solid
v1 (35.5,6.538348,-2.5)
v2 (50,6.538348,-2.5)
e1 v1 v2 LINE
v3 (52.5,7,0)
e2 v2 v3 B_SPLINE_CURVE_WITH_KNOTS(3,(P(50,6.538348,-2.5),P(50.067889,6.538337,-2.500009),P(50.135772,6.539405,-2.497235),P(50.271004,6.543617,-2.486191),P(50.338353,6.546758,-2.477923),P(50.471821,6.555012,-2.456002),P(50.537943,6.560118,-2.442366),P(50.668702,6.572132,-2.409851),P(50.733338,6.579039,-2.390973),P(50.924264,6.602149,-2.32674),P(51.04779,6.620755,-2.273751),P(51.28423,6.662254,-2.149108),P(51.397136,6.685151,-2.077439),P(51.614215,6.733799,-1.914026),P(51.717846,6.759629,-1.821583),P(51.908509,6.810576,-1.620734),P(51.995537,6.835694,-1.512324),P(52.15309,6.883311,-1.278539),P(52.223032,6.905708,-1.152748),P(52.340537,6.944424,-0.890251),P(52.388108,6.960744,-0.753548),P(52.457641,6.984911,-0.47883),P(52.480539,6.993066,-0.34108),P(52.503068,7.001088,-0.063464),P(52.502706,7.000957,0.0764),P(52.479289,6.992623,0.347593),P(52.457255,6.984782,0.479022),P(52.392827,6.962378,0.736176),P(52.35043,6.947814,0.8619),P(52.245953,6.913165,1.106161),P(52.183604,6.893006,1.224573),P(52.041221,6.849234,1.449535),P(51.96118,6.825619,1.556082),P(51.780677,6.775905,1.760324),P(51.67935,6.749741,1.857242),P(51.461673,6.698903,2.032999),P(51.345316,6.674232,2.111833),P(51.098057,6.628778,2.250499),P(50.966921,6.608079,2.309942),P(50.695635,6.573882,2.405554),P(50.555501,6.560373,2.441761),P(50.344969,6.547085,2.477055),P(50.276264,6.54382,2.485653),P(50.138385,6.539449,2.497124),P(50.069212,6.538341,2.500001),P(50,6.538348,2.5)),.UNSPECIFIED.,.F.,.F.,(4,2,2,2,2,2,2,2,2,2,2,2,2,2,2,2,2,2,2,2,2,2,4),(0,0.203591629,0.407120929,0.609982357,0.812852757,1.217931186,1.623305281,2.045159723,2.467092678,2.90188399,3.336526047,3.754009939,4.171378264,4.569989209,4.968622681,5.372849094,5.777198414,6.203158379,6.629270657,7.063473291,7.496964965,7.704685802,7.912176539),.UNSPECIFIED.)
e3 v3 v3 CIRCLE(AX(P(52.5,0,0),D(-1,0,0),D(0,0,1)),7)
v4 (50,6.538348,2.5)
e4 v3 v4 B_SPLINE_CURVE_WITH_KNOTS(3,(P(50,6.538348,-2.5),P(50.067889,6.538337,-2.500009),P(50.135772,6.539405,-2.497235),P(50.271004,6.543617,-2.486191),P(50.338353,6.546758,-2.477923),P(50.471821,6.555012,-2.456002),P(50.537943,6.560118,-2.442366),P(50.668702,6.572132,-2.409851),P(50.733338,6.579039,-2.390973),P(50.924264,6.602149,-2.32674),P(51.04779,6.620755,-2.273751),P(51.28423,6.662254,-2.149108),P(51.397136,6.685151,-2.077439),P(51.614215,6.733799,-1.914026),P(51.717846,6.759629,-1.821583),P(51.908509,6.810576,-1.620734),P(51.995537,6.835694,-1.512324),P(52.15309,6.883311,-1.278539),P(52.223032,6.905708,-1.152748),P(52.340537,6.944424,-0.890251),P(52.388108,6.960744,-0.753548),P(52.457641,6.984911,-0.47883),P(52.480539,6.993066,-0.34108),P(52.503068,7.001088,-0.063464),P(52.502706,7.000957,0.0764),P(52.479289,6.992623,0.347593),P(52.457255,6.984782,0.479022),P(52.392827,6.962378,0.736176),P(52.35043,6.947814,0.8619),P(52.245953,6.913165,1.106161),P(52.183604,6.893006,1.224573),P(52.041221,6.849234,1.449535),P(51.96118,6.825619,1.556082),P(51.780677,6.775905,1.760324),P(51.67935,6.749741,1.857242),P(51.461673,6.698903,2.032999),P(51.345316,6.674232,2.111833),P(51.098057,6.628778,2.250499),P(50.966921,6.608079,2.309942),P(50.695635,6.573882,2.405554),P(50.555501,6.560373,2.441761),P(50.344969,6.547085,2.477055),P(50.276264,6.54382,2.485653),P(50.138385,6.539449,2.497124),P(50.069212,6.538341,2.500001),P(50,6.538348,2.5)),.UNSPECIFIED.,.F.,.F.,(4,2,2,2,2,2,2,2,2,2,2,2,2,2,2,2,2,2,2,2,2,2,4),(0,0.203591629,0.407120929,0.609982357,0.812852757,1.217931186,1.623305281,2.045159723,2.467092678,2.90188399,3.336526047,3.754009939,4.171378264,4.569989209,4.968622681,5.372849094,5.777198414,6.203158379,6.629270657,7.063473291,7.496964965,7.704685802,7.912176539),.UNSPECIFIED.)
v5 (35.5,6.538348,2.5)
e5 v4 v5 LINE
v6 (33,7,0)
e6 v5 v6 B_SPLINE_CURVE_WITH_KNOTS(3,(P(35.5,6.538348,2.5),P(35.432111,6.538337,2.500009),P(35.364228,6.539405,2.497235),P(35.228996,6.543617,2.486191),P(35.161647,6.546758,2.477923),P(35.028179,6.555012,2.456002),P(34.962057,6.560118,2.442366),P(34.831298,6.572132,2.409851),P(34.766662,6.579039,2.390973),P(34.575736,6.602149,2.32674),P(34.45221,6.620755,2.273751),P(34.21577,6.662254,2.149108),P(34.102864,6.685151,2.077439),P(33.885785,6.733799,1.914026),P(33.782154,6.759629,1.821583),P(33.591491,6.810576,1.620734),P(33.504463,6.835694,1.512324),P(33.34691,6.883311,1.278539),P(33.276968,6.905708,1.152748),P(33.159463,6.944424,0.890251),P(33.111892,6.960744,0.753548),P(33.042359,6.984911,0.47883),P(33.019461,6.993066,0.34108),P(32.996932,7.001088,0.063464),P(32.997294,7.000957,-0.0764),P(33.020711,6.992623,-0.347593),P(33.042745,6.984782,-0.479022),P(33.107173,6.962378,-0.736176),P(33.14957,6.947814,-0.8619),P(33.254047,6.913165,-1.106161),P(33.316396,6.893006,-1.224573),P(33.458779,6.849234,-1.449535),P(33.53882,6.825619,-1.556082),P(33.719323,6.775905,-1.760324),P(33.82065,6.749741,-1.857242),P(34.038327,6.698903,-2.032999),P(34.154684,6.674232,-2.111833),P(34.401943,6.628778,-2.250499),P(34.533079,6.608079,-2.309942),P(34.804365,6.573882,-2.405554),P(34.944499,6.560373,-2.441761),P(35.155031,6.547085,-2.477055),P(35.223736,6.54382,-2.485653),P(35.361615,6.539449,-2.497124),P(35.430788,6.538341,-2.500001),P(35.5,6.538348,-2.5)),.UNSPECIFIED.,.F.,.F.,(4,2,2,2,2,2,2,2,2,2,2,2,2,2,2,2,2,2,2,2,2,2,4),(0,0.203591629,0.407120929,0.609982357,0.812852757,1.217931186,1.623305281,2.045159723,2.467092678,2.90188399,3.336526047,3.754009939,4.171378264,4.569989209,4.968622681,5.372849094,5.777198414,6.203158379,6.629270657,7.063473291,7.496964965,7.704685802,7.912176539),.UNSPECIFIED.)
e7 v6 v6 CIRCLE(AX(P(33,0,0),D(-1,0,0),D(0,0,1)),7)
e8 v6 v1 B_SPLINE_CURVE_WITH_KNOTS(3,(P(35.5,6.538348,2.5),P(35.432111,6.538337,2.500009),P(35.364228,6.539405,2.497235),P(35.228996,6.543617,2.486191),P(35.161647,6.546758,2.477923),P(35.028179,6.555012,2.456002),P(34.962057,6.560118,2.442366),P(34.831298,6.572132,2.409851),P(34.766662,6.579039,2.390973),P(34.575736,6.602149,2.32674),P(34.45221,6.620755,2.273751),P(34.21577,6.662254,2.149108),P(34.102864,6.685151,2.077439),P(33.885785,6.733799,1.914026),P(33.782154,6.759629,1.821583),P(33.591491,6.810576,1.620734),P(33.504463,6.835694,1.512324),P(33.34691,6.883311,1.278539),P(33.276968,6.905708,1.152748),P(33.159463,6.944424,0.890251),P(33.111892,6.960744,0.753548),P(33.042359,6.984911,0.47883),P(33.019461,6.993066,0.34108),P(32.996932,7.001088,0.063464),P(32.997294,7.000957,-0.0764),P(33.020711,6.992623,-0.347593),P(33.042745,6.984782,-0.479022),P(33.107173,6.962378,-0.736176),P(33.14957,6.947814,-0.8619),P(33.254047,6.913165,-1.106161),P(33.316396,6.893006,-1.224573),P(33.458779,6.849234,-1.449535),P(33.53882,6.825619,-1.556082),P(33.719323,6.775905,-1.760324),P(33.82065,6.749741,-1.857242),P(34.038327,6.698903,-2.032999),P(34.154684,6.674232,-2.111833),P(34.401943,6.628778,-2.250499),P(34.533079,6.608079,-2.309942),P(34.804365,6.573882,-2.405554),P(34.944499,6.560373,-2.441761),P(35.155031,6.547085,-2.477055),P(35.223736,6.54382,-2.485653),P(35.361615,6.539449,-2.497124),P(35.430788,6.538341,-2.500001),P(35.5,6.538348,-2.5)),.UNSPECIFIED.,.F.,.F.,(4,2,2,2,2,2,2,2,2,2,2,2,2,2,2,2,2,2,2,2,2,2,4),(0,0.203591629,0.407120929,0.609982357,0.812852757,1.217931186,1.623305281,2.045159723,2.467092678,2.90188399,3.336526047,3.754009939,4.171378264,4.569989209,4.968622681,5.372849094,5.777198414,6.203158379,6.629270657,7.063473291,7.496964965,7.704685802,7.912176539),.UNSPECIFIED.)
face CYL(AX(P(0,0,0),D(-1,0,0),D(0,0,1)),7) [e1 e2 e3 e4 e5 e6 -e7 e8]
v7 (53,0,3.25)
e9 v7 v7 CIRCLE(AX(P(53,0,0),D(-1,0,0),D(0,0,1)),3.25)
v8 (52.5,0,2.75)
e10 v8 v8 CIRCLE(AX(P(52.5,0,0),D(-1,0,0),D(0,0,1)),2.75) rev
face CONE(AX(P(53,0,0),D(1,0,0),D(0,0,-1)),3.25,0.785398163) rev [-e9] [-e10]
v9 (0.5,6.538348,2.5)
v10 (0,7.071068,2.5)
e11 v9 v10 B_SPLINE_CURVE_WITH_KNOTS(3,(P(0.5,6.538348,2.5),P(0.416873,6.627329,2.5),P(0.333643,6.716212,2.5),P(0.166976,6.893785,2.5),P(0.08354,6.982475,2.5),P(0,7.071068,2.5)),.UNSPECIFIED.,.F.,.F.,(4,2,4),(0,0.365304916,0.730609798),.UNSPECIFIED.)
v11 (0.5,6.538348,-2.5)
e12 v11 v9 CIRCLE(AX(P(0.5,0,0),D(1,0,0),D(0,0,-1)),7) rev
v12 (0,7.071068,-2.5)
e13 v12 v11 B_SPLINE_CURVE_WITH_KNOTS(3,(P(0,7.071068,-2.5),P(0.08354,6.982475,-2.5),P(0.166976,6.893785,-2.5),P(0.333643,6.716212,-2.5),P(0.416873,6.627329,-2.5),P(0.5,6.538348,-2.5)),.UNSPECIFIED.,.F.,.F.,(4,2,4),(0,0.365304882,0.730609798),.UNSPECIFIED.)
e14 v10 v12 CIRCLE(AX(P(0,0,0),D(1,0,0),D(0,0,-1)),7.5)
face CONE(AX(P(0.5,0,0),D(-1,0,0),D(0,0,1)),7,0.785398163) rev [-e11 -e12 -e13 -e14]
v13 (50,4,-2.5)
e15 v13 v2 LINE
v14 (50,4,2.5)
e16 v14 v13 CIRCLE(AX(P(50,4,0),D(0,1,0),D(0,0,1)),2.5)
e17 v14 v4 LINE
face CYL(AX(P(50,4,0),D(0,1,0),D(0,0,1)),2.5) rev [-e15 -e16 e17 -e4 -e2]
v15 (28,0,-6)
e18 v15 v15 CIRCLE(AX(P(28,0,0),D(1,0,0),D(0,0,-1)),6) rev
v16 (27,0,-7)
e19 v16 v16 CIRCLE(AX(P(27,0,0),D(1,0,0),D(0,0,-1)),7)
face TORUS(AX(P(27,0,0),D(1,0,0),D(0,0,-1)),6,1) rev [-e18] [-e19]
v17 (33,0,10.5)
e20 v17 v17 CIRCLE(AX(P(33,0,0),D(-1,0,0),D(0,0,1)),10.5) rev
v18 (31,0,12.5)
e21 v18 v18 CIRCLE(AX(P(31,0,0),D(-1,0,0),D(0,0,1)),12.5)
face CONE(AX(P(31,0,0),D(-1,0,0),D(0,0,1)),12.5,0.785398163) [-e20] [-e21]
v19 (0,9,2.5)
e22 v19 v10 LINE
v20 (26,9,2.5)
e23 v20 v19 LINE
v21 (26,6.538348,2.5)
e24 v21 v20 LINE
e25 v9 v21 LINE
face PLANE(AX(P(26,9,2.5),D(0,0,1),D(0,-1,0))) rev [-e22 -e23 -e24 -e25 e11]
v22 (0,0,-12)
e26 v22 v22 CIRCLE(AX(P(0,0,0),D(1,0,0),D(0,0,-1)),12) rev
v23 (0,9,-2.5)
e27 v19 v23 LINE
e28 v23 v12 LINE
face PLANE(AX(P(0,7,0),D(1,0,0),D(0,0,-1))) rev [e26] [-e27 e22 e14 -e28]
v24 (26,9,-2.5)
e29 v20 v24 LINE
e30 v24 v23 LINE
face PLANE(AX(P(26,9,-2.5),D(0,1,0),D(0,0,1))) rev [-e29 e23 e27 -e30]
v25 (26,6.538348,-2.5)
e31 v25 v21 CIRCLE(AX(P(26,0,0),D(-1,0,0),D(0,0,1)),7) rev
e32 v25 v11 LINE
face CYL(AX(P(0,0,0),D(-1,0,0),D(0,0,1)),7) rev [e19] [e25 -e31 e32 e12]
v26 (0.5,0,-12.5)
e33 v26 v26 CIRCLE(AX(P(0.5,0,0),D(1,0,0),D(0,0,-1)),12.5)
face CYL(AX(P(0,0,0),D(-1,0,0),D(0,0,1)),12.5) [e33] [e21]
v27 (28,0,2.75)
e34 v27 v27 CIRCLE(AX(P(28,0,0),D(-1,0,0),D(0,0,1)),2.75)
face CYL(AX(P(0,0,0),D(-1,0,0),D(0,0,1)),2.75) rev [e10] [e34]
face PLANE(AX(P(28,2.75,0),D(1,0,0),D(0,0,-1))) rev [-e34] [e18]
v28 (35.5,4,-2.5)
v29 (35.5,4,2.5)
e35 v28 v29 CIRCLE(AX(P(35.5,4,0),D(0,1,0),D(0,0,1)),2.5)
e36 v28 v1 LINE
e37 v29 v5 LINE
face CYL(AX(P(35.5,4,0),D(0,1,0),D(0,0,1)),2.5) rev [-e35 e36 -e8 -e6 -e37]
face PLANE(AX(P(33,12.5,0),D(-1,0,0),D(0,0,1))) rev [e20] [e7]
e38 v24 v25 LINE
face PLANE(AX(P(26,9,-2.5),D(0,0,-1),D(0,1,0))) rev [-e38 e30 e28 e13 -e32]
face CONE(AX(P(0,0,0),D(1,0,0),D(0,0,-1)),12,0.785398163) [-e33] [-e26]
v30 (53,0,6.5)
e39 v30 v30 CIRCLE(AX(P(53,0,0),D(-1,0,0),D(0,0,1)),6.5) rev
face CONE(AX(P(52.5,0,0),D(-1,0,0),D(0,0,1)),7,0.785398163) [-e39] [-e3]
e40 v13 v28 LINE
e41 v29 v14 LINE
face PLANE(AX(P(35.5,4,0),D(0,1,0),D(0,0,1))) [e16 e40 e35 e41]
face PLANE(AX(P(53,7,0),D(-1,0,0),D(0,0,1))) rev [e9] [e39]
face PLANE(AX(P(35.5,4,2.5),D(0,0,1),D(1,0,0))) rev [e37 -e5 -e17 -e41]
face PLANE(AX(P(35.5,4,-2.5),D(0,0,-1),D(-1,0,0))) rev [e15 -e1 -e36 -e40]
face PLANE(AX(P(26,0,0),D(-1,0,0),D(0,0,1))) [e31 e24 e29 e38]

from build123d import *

# Parameters (mm, degrees)
SKETCH_2_W          = 5
SKETCH_2_H          = 9
CUT_EXTRUDE_1_DEPTH = 26
CHAMFER_1_SIZE      = 2
CHAMFER_2_SIZE      = 0.5
FILLET_1_R          = 1
CUT_EXTRUDE_2_DEPTH = 3


with BuildPart() as part:
    # 草图1 → 旋转1 (revolve)
    with BuildSketch(Plane.XY, mode=Mode.PRIVATE) as revolve_1_sk:
        Polygon((0, 7), (0, 12.5), (33, 12.5), (33, 7), (53, 7), (53, 2.75), (28, 2.75), (28, 7), align=None)
    revolve(revolve_1_sk.sketch.rotate(Axis((0, 0, 0), (1, 0, 0)), 90), axis=Axis((0, 0, 0), (1, 0, 0)))

    # 草图2 → 切除-拉伸1 (cut)
    with BuildSketch(Plane.ZY):
        with Locations((0, 4.5)):
            Rectangle(SKETCH_2_W, SKETCH_2_H)
    extrude(amount=-CUT_EXTRUDE_1_DEPTH, mode=Mode.SUBTRACT)

    # 倒角1
    chamfer_1_edges = [part.edges().sort_by_distance(p)[0] for p in [
        (33, 0, -12.5),
    ]]
    chamfer(chamfer_1_edges, length=CHAMFER_1_SIZE)

    # 倒角2
    chamfer_2_edges = [part.edges().sort_by_distance(p)[0] for p in [
        (0, -5.766281297, -3.968626967),
        (53, 0, -2.75),
        (53, 0, -7),
        (0, 0, -12.5),
    ]]
    chamfer(chamfer_2_edges, length=CHAMFER_2_SIZE)

    # 圆角1
    fillet_1_edges = [part.edges().sort_by_distance(p)[0] for p in [
        (28, 0, -7),
    ]]
    fillet(fillet_1_edges, radius=FILLET_1_R)

    # 草图3 → 切除-拉伸2 (cut)
    with BuildSketch(Plane(origin=(0, 7, 0), x_dir=(1, 0, 0), z_dir=(0, 1, 0))):
        with BuildLine():
            Line((35.5, 2.5), (50, 2.5))
            ThreePointArc((50, 2.5), (52.5, 0), (50, -2.5))
            Line((50, -2.5), (35.5, -2.5))
            ThreePointArc((35.5, -2.5), (33, 0), (35.5, 2.5))
        make_face()
    extrude(amount=-CUT_EXTRUDE_2_DEPTH, mode=Mode.SUBTRACT)


solid = part.part
